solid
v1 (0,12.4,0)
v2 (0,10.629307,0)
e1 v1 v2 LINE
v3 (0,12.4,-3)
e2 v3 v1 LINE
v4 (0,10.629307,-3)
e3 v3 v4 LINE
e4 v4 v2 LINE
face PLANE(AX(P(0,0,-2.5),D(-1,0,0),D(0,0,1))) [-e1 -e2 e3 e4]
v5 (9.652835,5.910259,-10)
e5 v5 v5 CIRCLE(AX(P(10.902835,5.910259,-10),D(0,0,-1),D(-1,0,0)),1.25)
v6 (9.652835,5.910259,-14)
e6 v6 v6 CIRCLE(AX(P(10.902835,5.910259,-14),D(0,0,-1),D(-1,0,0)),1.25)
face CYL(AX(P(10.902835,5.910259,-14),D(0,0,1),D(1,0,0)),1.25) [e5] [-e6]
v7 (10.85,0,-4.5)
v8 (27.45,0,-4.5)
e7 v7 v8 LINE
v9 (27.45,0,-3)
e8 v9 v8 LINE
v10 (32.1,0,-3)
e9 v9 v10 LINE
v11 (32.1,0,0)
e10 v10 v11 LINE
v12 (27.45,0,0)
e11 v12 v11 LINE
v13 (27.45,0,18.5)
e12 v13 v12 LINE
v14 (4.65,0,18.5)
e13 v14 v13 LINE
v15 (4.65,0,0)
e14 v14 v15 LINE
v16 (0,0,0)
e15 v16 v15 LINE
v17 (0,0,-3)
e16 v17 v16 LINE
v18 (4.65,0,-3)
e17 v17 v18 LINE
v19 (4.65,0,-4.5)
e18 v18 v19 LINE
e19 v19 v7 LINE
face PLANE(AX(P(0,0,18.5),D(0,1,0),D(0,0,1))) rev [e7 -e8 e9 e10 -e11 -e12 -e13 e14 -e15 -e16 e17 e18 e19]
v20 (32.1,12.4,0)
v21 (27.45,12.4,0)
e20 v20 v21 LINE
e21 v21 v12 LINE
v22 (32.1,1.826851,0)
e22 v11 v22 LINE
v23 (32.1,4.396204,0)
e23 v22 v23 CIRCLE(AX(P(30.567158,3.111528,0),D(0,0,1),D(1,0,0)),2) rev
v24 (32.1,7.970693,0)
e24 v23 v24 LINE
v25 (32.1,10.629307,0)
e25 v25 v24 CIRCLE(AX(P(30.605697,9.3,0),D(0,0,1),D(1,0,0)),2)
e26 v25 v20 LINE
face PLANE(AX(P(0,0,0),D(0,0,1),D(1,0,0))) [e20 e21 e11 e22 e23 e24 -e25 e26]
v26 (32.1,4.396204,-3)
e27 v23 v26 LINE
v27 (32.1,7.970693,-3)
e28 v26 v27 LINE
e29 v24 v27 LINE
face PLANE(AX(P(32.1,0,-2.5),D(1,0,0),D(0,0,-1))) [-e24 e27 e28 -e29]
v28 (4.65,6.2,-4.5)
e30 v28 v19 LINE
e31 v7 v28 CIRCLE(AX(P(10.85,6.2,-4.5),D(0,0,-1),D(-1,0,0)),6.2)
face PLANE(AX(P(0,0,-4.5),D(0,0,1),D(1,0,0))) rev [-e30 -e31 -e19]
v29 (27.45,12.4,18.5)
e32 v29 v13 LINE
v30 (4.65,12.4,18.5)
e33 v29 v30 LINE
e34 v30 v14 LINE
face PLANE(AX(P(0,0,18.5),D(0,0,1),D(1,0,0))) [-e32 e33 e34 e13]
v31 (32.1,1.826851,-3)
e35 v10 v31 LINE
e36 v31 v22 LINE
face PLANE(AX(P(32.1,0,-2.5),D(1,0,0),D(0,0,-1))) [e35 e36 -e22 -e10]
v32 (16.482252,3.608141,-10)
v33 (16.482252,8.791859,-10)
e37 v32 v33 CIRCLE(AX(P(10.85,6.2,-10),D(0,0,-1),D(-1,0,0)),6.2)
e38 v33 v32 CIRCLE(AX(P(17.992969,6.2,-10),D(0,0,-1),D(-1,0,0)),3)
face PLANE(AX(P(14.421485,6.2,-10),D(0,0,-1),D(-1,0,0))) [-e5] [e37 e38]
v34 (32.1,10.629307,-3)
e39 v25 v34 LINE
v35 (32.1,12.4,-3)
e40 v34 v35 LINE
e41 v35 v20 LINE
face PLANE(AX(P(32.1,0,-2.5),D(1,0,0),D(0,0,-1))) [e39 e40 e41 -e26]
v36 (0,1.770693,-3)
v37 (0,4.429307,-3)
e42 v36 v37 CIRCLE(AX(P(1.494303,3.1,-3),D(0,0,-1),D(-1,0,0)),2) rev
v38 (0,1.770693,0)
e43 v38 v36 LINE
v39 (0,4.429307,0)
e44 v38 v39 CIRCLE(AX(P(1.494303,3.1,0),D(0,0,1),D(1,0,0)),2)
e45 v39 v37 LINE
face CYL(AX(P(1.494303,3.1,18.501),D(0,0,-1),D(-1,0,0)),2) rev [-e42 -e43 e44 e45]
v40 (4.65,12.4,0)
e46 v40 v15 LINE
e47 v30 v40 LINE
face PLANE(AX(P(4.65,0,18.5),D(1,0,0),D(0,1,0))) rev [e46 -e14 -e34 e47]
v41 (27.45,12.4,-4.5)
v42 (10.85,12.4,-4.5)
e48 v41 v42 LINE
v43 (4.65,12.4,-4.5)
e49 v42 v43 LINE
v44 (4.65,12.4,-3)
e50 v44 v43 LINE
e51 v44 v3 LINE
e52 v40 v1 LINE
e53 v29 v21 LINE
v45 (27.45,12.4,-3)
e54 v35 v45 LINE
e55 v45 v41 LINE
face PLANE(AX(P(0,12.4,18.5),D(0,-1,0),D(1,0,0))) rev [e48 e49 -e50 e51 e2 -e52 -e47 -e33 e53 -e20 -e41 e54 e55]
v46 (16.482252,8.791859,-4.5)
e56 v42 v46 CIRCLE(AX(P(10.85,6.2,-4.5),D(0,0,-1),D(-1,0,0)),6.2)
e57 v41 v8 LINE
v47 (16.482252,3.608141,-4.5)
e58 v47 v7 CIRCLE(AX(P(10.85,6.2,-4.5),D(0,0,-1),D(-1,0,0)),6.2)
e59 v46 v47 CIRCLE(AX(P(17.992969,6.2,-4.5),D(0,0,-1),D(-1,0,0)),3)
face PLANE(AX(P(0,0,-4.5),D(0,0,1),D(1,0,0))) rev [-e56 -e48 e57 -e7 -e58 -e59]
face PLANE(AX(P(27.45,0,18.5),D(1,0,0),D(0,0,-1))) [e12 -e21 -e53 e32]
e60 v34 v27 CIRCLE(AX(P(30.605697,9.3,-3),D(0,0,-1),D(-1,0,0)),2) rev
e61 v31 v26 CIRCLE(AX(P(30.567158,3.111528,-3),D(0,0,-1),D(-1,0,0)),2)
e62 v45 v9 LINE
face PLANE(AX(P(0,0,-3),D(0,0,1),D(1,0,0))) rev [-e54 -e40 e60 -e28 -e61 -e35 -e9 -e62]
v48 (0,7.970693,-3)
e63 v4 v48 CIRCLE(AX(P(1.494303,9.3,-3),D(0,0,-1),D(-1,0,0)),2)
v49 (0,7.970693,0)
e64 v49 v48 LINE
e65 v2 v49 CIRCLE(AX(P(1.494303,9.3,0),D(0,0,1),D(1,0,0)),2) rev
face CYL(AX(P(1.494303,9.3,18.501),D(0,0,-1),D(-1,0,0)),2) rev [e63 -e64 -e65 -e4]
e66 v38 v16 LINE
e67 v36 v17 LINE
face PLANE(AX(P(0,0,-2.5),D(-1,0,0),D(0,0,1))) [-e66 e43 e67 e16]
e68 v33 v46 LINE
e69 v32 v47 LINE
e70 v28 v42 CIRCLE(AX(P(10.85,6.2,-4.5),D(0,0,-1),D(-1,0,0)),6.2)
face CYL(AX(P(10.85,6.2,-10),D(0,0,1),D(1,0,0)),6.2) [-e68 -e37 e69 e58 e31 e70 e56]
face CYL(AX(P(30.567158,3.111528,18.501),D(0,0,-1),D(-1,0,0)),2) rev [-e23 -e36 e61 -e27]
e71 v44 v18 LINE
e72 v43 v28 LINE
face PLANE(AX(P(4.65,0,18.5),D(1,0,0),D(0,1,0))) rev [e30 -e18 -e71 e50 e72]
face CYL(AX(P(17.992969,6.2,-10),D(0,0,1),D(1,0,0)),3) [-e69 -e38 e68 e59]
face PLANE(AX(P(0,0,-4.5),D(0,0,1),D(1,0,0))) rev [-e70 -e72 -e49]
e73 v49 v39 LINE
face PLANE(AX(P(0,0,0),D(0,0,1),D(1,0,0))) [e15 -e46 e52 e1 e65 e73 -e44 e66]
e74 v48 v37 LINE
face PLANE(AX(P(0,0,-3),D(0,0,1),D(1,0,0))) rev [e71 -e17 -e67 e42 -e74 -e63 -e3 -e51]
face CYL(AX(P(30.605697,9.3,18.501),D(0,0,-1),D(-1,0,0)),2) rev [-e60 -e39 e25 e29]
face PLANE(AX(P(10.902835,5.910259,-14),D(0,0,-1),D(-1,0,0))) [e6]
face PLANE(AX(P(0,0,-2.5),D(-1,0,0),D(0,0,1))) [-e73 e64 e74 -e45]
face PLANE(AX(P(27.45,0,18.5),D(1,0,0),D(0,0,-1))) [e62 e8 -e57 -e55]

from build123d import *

# Parameters (mm, degrees)
SKETCH1_W             = 11.4
SKETCH1_H             = 12.4
BOSS_EXTRUDE1_DEPTH   = 18.5
SKETCH1_4_W           = 4.65
SKETCH1_4_H           = 12.4
BOSS_EXTRUDE2_DEPTH   = 2.5
BOSS_EXTRUDE2_2_DEPTH = 2.5
SKETCH1_11_W          = 4.65
SKETCH1_11_H          = 12.4
BOSS_EXTRUDE8_DEPTH   = 3
SKETCH1_13_W          = 11.4
SKETCH1_13_H          = 12.4
BOSS_EXTRUDE9_DEPTH   = 4.5
BOSS_EXTRUDE11_DEPTH  = 5.5
SKETCH10_R            = 1.25
BOSS_EXTRUDE12_DEPTH  = 4
BOSS_EXTRUDE13_DEPTH  = 5
SKETCH15_R            = 2
CUT_EXTRUDE1_DEPTH    = 3


with BuildPart() as part:
    # Sketch1 → Boss-Extrude1 (new body)
    with BuildSketch(Plane.XY):
        with Locations((10.35, 6.2)):
            Rectangle(SKETCH1_W, SKETCH1_H)
        with Locations((21.75, 6.2)):
            Rectangle(SKETCH1_W, SKETCH1_H)
    extrude(amount=BOSS_EXTRUDE1_DEPTH)



with BuildPart() as body_2:
    # Sketch1<4> → Boss-Extrude2 (new body)
    with BuildSketch(Plane.XY):
        with Locations((2.325, 6.2)):
            Rectangle(SKETCH1_4_W, SKETCH1_4_H)
    extrude(amount=-BOSS_EXTRUDE2_DEPTH)



with BuildPart() as body_3:
    # Sketch1<4> → Boss-Extrude2 2 (new body)
    with BuildSketch(Plane.XY):
        with Locations((29.775, 6.2)):
            Rectangle(SKETCH1_4_W, SKETCH1_4_H)
    extrude(amount=-BOSS_EXTRUDE2_2_DEPTH)


with BuildPart() as body_2_1:
    add(body_2.part)

    add(body_3.part)  # Boss-Extrude8 merges body 3
    # Sketch1<11> → Boss-Extrude8 (add)
    with BuildSketch(Plane.XY):
        with Locations((29.775, 6.2)):
            Rectangle(SKETCH1_11_W, SKETCH1_11_H)
        with Locations((2.325, 6.2)):
            Rectangle(SKETCH1_11_W, SKETCH1_11_H)
    extrude(amount=-BOSS_EXTRUDE8_DEPTH)


with BuildPart() as part_1:
    add(part.part)

    add(body_2_1.part)  # Boss-Extrude9 merges body 2
    # Sketch1<13> → Boss-Extrude9 (add)
    with BuildSketch(Plane.XY):
        with Locations((21.75, 6.2)):
            Rectangle(SKETCH1_13_W, SKETCH1_13_H)
        with Locations((10.35, 6.2)):
            Rectangle(SKETCH1_13_W, SKETCH1_13_H)
    extrude(amount=-BOSS_EXTRUDE9_DEPTH)

    # Sketch8 → Boss-Extrude11 (add)
    with BuildSketch(Plane(origin=(0, 0, -4.5), x_dir=(-1, 0, 0), z_dir=(0, 0, -1))):
        with BuildLine():
            ThreePointArc((-16.482252321, 3.608140862), (-4.65, 6.2), (-16.482252321, 8.791859138))
            ThreePointArc((-16.482252321, 8.791859138), (-20.992969439, 6.2), (-16.482252321, 3.608140862))
        make_face()
    extrude(amount=BOSS_EXTRUDE11_DEPTH)

    # Sketch10 → Boss-Extrude12 (add)
    with BuildSketch(Plane(origin=(0, 0, -10), x_dir=(-1, 0, 0), z_dir=(0, 0, -1))):
        with Locations((-10.902835345, 5.910258943)):
            Circle(SKETCH10_R)
    extrude(amount=BOSS_EXTRUDE12_DEPTH)

    # Sketch8<2> → Boss-Extrude13 (add)
    with BuildSketch(Plane(origin=(0, 0, -4.5), x_dir=(-1, 0, 0), z_dir=(0, 0, -1))):
        with BuildLine():
            ThreePointArc((-16.482252321, 3.608140862), (-4.65, 6.2), (-16.482252321, 8.791859138))
            ThreePointArc((-16.482252321, 8.791859138), (-20.992969439, 6.2), (-16.482252321, 3.608140862))
        make_face()
    extrude(amount=BOSS_EXTRUDE13_DEPTH)

    # Sketch15 → Cut-Extrude1 (cut)
    with BuildSketch(Plane(origin=(0, 0, -3), x_dir=(-1, 0, 0), z_dir=(0, 0, -1))):
        with BuildLine():
            ThreePointArc((-32.1, 10.629307241), (-32.605696731, 9.3), (-32.1, 7.970692759))
            Line((-32.1, 7.970692759), (-32.1, 10.629307241))
        make_face()
        with BuildLine():
            Line((-32.1, 10.629307241), (-32.1, 7.970692759))
            ThreePointArc((-32.1, 7.970692759), (-29.894573162, 7.430694442), (-28.605696731, 9.3))
            ThreePointArc((-28.605696731, 9.3), (-29.894573162, 11.169305558), (-32.1, 10.629307241))
        make_face()
        with Locations((-1.494303269, 9.3)):
            Circle(SKETCH15_R)
        with BuildLine():
            ThreePointArc((0, 4.429307241), (-3.494303269, 3.1), (0, 1.770692759))
            Line((0, 1.770692759), (0, 4.429307241))
        make_face()
        with BuildLine():
            Line((0, 4.429307241), (0, 1.770692759))
            ThreePointArc((0, 1.770692759), (0.375002289, 2.38887643), (0.505696731, 3.1))
            ThreePointArc((0.505696731, 3.1), (0.375002289, 3.81112357), (0, 4.429307241))
        make_face()
        with Locations((-30.567157508, 3.111527569)):
            Circle(SKETCH15_R)
    extrude(amount=-CUT_EXTRUDE1_DEPTH, mode=Mode.SUBTRACT)


solid = part_1.part
